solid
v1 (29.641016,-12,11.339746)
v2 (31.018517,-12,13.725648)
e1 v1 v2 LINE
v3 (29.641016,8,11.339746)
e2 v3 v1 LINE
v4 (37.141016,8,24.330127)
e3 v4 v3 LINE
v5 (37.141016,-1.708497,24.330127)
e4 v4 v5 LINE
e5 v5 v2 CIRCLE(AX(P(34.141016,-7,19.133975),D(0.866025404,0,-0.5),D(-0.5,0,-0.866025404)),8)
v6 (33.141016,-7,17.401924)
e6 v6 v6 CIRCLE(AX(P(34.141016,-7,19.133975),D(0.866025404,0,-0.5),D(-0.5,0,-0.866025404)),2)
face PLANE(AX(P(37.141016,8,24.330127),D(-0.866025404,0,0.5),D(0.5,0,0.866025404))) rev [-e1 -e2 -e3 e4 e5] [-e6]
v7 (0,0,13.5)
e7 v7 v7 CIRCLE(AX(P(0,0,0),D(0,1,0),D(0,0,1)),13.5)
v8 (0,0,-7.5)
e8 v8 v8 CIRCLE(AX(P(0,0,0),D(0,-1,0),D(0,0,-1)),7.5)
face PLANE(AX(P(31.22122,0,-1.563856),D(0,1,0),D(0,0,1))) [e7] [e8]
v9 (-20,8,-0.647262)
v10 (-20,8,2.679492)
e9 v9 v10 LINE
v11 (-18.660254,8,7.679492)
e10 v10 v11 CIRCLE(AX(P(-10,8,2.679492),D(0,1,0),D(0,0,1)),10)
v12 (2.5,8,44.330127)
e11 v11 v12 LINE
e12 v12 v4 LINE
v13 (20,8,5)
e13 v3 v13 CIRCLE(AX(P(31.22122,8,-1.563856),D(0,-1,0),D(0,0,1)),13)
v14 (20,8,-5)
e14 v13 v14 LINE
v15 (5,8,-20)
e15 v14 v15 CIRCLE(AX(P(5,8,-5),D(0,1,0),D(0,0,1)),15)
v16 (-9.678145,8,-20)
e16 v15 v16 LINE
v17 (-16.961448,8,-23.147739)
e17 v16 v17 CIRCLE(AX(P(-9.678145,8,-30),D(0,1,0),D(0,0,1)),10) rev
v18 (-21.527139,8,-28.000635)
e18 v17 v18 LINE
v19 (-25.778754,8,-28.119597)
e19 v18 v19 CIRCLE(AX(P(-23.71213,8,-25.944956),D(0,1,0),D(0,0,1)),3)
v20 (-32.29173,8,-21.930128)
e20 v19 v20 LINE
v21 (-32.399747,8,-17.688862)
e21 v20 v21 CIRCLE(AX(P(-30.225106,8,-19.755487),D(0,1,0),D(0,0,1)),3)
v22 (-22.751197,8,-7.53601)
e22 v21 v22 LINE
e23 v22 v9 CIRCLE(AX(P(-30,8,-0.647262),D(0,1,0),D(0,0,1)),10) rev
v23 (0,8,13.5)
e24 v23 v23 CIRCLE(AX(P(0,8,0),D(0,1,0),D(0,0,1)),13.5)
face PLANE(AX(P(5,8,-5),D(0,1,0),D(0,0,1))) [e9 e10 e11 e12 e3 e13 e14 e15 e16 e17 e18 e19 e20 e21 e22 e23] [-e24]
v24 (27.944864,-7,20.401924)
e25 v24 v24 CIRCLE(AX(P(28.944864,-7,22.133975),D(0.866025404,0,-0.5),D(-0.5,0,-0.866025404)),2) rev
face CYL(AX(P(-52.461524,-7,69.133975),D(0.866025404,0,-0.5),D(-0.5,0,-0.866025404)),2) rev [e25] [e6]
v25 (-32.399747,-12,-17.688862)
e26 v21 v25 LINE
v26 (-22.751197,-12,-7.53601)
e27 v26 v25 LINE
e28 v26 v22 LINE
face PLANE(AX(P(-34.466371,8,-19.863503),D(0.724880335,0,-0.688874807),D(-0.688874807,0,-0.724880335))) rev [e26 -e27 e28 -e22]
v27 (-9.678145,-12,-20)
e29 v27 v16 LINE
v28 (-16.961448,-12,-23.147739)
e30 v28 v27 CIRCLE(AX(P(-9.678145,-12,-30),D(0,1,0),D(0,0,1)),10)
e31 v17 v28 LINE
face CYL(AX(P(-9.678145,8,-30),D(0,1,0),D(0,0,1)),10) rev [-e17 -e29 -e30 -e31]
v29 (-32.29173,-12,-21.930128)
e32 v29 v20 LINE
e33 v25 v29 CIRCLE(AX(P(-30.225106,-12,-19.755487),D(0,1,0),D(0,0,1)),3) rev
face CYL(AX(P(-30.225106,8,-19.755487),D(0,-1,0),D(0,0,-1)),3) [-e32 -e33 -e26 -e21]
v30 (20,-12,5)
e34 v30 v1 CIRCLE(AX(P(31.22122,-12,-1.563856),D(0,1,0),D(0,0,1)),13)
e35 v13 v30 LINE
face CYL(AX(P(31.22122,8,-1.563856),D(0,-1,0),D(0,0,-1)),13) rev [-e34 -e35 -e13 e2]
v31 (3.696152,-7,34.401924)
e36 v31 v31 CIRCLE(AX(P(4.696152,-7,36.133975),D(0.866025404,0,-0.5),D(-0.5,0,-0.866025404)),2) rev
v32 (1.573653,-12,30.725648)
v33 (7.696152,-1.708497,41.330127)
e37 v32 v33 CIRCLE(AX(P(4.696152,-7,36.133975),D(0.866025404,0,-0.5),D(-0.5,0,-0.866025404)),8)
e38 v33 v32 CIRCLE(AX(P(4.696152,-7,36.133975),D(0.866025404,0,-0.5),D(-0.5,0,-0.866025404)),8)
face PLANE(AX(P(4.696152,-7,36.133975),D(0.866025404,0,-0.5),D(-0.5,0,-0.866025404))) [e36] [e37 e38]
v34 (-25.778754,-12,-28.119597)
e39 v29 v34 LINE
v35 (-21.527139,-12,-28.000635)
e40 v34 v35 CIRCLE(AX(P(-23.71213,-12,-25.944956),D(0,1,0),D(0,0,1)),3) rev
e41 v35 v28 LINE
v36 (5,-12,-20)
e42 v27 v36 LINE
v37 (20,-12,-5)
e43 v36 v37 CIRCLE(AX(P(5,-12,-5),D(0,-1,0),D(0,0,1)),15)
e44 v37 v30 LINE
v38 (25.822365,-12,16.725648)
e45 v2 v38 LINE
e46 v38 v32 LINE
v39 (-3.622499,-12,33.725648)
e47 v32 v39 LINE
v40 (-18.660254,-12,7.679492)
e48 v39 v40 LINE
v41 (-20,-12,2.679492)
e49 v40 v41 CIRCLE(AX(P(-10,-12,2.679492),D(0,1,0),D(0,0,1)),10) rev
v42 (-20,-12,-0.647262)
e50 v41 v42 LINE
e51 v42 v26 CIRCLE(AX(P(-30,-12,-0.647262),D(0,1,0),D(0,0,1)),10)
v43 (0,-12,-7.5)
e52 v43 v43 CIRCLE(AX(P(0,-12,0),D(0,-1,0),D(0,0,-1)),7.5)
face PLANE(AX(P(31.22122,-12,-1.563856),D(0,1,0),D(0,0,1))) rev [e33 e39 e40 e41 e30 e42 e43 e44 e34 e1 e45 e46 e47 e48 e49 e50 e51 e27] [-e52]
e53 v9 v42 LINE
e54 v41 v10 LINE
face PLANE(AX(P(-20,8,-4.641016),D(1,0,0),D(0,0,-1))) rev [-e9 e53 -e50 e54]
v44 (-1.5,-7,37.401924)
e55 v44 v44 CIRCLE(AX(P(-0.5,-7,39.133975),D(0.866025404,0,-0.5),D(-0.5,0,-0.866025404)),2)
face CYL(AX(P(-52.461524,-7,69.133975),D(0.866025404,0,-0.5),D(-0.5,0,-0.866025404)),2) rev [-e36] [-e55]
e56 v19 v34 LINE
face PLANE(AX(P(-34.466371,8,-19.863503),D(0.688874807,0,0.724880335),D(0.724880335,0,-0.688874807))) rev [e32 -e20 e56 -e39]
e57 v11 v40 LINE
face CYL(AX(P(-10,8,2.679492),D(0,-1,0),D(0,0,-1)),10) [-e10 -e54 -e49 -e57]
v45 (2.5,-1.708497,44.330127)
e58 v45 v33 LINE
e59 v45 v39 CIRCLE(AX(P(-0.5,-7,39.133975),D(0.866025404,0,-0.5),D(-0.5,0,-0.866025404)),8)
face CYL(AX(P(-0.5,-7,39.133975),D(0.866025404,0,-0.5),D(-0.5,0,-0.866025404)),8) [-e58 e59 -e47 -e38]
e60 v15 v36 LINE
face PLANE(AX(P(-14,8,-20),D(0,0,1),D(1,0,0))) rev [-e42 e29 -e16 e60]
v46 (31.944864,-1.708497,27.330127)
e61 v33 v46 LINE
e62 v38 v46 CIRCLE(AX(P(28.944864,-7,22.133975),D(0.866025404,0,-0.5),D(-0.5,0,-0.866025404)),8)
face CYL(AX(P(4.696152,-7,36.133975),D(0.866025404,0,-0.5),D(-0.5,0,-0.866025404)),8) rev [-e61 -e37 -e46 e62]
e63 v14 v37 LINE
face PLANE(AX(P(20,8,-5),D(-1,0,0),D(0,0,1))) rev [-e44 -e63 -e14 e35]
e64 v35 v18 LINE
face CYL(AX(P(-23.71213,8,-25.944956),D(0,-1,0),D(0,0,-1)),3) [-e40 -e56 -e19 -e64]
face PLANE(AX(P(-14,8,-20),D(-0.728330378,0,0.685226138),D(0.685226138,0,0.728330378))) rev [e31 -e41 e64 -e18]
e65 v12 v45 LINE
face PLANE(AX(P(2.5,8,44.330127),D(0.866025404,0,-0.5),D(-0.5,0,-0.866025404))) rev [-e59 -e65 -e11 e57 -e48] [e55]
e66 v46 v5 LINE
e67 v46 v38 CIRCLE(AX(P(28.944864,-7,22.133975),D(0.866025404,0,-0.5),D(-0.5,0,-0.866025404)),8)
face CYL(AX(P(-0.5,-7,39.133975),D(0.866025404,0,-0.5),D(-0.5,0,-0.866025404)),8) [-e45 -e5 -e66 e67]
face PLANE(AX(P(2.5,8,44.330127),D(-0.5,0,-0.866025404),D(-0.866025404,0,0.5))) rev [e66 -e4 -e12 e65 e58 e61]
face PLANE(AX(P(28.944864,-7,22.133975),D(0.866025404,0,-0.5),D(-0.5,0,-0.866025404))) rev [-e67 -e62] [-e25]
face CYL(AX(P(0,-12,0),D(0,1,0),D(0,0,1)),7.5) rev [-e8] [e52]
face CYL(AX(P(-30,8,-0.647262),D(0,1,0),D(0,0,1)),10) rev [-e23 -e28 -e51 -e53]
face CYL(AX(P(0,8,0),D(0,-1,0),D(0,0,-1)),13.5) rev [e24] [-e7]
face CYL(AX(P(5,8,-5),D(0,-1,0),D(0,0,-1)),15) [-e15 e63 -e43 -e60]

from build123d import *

# Parameters (mm, degrees)
SKETCH1_R           = 13.5
BOSS_EXTRUDE1_DEPTH = 8
BOSS_EXTRUDE3_START = 12
SKETCH7_R           = 7.5
BOSS_EXTRUDE3_DEPTH = 12
SKETCH4_W           = 28
SKETCH4_H           = 10
CUT_EXTRUDE2_DEPTH  = 12
SKETCH5_R           = 2
CUT_EXTRUDE3_DEPTH  = 100
SKETCH9_R           = 8
SKETCH9_R_2         = 2
BOSS_EXTRUDE4_DEPTH = 40
FILLET2_R           = 10
FILLET3_R           = 3
SKETCH11_R          = 8
CUT_EXTRUDE6_DEPTH  = 14


with BuildPart() as part:
    # Sketch1 → Boss-Extrude1 (new body)
    with BuildSketch(Plane(origin=(0, 0, 0), x_dir=(1, 0, 0), z_dir=(0, 1, 0))):
        with BuildLine():
            Line((2.5, -44.330127019), (37.141016151, -24.330127019))
            Line((37.141016151, -24.330127019), (29.641016151, -11.339745962))
            ThreePointArc((29.641016151, -11.339745962), (24.078586932, -9.298131712), (20, -5))
            Line((20, -5), (20, 5))
            ThreePointArc((20, 5), (15.606601718, 15.606601718), (5, 20))
            Line((5, 20), (-14, 20))
            Line((-14, 20), (-23.593165935, 30.196625292))
            Line((-23.593165935, 30.196625292), (-34.466370956, 19.863503181))
            Line((-34.466370956, 19.863503181), (-20, 4.641016151))
            Line((-20, 4.641016151), (-20, -5.358983849))
            Line((-20, -5.358983849), (2.5, -44.330127019))
        make_face()
        with Locations(Location((0, 0, 0), (0, 0, 270))):
            Circle(SKETCH1_R, mode=Mode.SUBTRACT)
    extrude(amount=BOSS_EXTRUDE1_DEPTH)

    # Sketch7 → Boss-Extrude3 (add)
    with BuildSketch(Plane.XZ.offset(BOSS_EXTRUDE3_START)):
        with BuildLine():
            Line((20, 5), (20, -5))
            ThreePointArc((20, -5), (15.606601718, -15.606601718), (5, -20))
            Line((5, -20), (-14, -20))
            Line((-14, -20), (-23.593165935, -30.196625292))
            Line((-23.593165935, -30.196625292), (-34.466370956, -19.863503181))
            Line((-34.466370956, -19.863503181), (-20, -4.641016151))
            Line((-20, -4.641016151), (-20, 5.358983849))
            Line((-20, 5.358983849), (2.5, 44.330127019))
            Line((2.5, 44.330127019), (37.141016151, 24.330127019))
            Line((37.141016151, 24.330127019), (29.641016151, 11.339745962))
            ThreePointArc((29.641016151, 11.339745962), (24.078586932, 9.298131712), (20, 5))
        make_face()
        with Locations(Location((0, 0, 0), (0, 0, 270))):
            Circle(SKETCH7_R, mode=Mode.SUBTRACT)
    extrude(amount=-BOSS_EXTRUDE3_DEPTH)

    # Sketch4 → Cut-Extrude2 (cut)
    with BuildSketch(Plane(origin=(19.820508076, 0, 34.330127019), x_dir=(0.8660254037844378, 0, -0.5000000000000016), z_dir=(0.5000000000000014, 0, 0.8660254037844377))):
        with Locations((0, -7)):
            Rectangle(SKETCH4_W, SKETCH4_H)
    extrude(amount=-CUT_EXTRUDE2_DEPTH, mode=Mode.SUBTRACT)

    # Sketch5 → Cut-Extrude3 (cut)
    with BuildSketch(Plane(origin=(17.320508076, 0, -10), x_dir=(-0.5000000000000026, 0, -0.8660254037844373), z_dir=(0.8660254037844373, 0, -0.5000000000000026))):
        with Locations((-33.641016151, -7)):
            Circle(SKETCH5_R)
    extrude(amount=-CUT_EXTRUDE3_DEPTH, mode=Mode.SUBTRACT)

    # Sketch9 → Boss-Extrude4 (add)
    with BuildSketch(Plane(origin=(17.320508076, 0, -10), x_dir=(-0.5000000000000017, 0, -0.8660254037844378), z_dir=(0.8660254037844377, 0, -0.5000000000000016))):
        with Locations((-33.641016151, -7)):
            Circle(SKETCH9_R)
        with Locations((-33.641016151, -7)):
            Circle(SKETCH9_R_2, mode=Mode.SUBTRACT)
    extrude(amount=-BOSS_EXTRUDE4_DEPTH)

    # Fillet2
    fillet2_edges = [part.edges().sort_by_distance(p)[0] for p in [
        (-20, -2, 5.358983849),
        (-20, -2, -4.641016151),
        (-14, -2, -20),
    ]]
    fillet(fillet2_edges, radius=FILLET2_R)

    # Fillet3
    fillet3_edges = [part.edges().sort_by_distance(p)[0] for p in [
        (-34.466370956, -2, -19.863503181),
        (-23.593165935, -2, -30.196625292),
    ]]
    fillet(fillet3_edges, radius=FILLET3_R)

    # Sketch11 → Cut-Extrude6 (cut, symmetric)
    with BuildSketch(Plane(origin=(0, 0, 0), x_dir=(-0.5000000000000017, 0, -0.8660254037844378), z_dir=(0.8660254037844377, 0, -0.5000000000000016))):
        with Locations((-33.641016151, -7)):
            Circle(SKETCH11_R)
    extrude(amount=CUT_EXTRUDE6_DEPTH, both=True, mode=Mode.SUBTRACT)


solid = part.part
